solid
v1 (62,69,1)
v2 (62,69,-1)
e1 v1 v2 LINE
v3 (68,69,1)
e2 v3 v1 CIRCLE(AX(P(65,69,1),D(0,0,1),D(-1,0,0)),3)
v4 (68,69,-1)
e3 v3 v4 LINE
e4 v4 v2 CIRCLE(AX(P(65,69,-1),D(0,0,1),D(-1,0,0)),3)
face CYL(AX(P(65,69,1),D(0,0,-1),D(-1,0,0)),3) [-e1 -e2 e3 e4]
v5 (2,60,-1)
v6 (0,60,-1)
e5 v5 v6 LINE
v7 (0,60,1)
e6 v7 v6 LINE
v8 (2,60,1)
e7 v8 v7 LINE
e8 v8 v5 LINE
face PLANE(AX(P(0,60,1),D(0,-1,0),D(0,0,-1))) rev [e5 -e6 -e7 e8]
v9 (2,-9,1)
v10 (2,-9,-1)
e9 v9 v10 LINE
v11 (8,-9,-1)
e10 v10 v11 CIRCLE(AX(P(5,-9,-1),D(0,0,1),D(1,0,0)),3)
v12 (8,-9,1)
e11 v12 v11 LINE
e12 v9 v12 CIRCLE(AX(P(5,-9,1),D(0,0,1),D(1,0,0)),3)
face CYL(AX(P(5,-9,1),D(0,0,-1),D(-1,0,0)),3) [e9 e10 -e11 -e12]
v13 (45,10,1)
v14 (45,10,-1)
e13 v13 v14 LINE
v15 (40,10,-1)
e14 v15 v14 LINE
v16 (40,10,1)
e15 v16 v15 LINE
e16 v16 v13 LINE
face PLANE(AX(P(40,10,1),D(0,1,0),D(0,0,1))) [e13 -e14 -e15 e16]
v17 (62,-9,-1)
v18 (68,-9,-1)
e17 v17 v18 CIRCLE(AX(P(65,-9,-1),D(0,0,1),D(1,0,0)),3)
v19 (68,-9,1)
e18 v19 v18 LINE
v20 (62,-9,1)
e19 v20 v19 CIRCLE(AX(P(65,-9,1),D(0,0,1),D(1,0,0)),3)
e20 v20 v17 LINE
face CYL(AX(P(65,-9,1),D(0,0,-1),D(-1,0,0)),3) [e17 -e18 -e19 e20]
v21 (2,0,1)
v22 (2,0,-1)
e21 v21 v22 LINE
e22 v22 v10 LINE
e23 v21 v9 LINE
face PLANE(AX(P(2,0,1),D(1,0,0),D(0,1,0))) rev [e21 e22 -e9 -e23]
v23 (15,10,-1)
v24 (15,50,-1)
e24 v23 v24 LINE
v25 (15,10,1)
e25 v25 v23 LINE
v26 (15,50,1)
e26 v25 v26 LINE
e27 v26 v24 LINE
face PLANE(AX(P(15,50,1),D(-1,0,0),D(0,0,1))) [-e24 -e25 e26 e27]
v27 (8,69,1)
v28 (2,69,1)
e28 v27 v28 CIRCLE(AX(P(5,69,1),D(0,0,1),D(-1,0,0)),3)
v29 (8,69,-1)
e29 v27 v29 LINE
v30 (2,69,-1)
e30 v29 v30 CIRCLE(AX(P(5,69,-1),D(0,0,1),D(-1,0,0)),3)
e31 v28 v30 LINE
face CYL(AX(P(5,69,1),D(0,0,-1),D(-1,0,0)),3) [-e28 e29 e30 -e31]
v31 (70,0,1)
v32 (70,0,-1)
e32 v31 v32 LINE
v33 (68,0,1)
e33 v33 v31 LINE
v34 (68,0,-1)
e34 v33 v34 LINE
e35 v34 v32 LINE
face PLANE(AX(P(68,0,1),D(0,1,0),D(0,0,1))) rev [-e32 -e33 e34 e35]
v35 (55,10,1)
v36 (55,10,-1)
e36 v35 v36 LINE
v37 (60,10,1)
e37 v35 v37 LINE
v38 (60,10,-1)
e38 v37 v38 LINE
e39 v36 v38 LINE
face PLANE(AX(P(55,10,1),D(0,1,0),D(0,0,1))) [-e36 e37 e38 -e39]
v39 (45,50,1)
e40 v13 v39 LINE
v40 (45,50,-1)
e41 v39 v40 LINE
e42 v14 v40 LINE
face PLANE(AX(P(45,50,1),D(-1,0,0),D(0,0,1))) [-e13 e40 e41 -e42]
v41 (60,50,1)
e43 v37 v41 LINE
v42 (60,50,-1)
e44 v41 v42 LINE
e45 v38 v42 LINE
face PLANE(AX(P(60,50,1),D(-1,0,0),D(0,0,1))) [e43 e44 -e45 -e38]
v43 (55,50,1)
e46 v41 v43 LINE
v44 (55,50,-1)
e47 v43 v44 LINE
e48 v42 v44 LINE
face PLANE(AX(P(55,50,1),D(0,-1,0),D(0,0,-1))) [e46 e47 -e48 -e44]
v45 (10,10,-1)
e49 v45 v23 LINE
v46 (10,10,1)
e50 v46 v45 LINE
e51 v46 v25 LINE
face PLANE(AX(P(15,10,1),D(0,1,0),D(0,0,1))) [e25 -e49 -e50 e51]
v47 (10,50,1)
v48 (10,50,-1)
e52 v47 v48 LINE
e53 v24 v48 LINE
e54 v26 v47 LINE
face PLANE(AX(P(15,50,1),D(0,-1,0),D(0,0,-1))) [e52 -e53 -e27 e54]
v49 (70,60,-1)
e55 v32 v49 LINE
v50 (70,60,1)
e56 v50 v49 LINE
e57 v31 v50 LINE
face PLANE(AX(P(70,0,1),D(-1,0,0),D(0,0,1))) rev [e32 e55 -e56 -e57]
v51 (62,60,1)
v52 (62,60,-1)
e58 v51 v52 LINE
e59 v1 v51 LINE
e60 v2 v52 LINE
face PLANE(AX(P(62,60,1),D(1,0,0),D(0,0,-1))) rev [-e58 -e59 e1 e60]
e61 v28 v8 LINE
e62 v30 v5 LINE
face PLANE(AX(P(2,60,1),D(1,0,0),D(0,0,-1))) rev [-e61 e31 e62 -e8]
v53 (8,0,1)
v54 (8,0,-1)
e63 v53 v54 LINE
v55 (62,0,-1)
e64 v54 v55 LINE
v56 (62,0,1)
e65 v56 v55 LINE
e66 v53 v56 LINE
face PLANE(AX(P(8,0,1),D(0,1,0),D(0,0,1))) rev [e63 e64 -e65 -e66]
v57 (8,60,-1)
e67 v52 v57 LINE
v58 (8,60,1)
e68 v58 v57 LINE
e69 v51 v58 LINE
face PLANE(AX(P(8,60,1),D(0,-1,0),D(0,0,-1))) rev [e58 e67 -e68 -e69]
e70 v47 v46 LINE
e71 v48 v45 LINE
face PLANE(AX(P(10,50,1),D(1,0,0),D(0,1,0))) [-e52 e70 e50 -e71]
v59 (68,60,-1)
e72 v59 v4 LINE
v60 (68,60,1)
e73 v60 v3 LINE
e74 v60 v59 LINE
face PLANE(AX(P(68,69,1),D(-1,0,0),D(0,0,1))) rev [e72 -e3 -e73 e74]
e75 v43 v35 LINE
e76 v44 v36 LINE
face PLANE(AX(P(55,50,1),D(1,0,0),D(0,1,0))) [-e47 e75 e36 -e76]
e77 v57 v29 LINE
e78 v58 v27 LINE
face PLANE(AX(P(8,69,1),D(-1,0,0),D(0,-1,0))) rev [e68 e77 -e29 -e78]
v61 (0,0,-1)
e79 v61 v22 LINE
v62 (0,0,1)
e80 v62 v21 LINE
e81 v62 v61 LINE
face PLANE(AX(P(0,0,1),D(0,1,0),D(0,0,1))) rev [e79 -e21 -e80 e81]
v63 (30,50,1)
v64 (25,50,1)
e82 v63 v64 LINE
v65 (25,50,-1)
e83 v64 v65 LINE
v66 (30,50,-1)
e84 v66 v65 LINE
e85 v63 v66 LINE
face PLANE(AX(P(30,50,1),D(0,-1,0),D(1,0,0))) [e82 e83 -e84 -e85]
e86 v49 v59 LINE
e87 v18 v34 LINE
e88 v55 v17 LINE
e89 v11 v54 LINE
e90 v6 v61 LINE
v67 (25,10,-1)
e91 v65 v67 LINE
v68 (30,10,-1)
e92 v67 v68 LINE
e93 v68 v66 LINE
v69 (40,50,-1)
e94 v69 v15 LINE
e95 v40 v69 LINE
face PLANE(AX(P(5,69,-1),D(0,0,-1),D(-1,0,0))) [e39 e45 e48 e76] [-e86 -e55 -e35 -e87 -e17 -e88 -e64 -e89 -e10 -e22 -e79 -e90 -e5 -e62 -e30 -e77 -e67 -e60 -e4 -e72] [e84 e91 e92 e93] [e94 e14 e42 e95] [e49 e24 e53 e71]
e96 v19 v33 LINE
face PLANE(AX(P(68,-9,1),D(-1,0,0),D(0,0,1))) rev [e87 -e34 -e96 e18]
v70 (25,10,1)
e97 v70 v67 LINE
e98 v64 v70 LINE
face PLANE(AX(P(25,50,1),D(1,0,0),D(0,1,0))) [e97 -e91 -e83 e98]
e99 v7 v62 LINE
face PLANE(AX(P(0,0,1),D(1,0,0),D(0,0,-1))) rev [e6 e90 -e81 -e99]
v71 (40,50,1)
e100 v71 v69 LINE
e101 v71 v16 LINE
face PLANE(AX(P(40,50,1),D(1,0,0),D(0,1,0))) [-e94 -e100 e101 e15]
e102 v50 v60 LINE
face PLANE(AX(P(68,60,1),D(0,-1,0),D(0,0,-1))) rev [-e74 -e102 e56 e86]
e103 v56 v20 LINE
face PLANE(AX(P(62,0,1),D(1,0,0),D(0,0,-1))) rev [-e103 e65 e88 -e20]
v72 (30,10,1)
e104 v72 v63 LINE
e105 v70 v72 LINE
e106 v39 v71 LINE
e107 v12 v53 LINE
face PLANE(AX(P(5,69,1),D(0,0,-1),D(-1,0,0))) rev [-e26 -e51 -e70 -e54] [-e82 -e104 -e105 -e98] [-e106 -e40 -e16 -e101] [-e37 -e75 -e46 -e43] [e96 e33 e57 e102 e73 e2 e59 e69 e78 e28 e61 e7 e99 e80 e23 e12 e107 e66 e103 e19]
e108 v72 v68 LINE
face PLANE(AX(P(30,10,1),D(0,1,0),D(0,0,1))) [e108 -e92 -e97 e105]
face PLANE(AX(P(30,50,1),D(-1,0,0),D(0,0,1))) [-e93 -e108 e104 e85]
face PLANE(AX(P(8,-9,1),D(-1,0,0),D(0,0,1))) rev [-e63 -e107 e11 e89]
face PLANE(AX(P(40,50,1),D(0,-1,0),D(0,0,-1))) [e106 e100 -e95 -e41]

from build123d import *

# Parameters (mm, degrees)
SKETCH_1_W      = 5
SKETCH_1_H      = 40
EXTRUDE_1_DEPTH = 1


with BuildPart() as part:
    # 草图1 → 凸台-拉伸1 (new, symmetric)
    with BuildSketch(Plane.XY):
        with BuildLine():
            Line((2, 0), (2, -9))
            ThreePointArc((2, -9), (5, -12), (8, -9))
            Line((8, -9), (8, 0))
            Line((8, 0), (62, 0))
            Line((62, 0), (62, -9))
            ThreePointArc((62, -9), (65, -12), (68, -9))
            Line((68, -9), (68, 0))
            Line((68, 0), (70, 0))
            Line((70, 0), (70, 60))
            Line((70, 60), (68, 60))
            Line((68, 60), (68, 69))
            ThreePointArc((68, 69), (65, 72), (62, 69))
            Line((62, 69), (62, 60))
            Line((62, 60), (8, 60))
            Line((8, 60), (8, 69))
            ThreePointArc((8, 69), (5, 72), (2, 69))
            Line((2, 69), (2, 60))
            Line((2, 60), (0, 60))
            Line((0, 60), (0, 0))
            Line((0, 0), (2, 0))
        make_face()
        with Locations((12.5, 30)):
            Rectangle(SKETCH_1_W, SKETCH_1_H, mode=Mode.SUBTRACT)
        with Locations((27.5, 30)):
            Rectangle(SKETCH_1_W, SKETCH_1_H, mode=Mode.SUBTRACT)
        with Locations((42.5, 30)):
            Rectangle(SKETCH_1_W, SKETCH_1_H, mode=Mode.SUBTRACT)
        with Locations((57.5, 30)):
            Rectangle(SKETCH_1_W, SKETCH_1_H, mode=Mode.SUBTRACT)
    extrude(amount=EXTRUDE_1_DEPTH, both=True)


solid = part.part
